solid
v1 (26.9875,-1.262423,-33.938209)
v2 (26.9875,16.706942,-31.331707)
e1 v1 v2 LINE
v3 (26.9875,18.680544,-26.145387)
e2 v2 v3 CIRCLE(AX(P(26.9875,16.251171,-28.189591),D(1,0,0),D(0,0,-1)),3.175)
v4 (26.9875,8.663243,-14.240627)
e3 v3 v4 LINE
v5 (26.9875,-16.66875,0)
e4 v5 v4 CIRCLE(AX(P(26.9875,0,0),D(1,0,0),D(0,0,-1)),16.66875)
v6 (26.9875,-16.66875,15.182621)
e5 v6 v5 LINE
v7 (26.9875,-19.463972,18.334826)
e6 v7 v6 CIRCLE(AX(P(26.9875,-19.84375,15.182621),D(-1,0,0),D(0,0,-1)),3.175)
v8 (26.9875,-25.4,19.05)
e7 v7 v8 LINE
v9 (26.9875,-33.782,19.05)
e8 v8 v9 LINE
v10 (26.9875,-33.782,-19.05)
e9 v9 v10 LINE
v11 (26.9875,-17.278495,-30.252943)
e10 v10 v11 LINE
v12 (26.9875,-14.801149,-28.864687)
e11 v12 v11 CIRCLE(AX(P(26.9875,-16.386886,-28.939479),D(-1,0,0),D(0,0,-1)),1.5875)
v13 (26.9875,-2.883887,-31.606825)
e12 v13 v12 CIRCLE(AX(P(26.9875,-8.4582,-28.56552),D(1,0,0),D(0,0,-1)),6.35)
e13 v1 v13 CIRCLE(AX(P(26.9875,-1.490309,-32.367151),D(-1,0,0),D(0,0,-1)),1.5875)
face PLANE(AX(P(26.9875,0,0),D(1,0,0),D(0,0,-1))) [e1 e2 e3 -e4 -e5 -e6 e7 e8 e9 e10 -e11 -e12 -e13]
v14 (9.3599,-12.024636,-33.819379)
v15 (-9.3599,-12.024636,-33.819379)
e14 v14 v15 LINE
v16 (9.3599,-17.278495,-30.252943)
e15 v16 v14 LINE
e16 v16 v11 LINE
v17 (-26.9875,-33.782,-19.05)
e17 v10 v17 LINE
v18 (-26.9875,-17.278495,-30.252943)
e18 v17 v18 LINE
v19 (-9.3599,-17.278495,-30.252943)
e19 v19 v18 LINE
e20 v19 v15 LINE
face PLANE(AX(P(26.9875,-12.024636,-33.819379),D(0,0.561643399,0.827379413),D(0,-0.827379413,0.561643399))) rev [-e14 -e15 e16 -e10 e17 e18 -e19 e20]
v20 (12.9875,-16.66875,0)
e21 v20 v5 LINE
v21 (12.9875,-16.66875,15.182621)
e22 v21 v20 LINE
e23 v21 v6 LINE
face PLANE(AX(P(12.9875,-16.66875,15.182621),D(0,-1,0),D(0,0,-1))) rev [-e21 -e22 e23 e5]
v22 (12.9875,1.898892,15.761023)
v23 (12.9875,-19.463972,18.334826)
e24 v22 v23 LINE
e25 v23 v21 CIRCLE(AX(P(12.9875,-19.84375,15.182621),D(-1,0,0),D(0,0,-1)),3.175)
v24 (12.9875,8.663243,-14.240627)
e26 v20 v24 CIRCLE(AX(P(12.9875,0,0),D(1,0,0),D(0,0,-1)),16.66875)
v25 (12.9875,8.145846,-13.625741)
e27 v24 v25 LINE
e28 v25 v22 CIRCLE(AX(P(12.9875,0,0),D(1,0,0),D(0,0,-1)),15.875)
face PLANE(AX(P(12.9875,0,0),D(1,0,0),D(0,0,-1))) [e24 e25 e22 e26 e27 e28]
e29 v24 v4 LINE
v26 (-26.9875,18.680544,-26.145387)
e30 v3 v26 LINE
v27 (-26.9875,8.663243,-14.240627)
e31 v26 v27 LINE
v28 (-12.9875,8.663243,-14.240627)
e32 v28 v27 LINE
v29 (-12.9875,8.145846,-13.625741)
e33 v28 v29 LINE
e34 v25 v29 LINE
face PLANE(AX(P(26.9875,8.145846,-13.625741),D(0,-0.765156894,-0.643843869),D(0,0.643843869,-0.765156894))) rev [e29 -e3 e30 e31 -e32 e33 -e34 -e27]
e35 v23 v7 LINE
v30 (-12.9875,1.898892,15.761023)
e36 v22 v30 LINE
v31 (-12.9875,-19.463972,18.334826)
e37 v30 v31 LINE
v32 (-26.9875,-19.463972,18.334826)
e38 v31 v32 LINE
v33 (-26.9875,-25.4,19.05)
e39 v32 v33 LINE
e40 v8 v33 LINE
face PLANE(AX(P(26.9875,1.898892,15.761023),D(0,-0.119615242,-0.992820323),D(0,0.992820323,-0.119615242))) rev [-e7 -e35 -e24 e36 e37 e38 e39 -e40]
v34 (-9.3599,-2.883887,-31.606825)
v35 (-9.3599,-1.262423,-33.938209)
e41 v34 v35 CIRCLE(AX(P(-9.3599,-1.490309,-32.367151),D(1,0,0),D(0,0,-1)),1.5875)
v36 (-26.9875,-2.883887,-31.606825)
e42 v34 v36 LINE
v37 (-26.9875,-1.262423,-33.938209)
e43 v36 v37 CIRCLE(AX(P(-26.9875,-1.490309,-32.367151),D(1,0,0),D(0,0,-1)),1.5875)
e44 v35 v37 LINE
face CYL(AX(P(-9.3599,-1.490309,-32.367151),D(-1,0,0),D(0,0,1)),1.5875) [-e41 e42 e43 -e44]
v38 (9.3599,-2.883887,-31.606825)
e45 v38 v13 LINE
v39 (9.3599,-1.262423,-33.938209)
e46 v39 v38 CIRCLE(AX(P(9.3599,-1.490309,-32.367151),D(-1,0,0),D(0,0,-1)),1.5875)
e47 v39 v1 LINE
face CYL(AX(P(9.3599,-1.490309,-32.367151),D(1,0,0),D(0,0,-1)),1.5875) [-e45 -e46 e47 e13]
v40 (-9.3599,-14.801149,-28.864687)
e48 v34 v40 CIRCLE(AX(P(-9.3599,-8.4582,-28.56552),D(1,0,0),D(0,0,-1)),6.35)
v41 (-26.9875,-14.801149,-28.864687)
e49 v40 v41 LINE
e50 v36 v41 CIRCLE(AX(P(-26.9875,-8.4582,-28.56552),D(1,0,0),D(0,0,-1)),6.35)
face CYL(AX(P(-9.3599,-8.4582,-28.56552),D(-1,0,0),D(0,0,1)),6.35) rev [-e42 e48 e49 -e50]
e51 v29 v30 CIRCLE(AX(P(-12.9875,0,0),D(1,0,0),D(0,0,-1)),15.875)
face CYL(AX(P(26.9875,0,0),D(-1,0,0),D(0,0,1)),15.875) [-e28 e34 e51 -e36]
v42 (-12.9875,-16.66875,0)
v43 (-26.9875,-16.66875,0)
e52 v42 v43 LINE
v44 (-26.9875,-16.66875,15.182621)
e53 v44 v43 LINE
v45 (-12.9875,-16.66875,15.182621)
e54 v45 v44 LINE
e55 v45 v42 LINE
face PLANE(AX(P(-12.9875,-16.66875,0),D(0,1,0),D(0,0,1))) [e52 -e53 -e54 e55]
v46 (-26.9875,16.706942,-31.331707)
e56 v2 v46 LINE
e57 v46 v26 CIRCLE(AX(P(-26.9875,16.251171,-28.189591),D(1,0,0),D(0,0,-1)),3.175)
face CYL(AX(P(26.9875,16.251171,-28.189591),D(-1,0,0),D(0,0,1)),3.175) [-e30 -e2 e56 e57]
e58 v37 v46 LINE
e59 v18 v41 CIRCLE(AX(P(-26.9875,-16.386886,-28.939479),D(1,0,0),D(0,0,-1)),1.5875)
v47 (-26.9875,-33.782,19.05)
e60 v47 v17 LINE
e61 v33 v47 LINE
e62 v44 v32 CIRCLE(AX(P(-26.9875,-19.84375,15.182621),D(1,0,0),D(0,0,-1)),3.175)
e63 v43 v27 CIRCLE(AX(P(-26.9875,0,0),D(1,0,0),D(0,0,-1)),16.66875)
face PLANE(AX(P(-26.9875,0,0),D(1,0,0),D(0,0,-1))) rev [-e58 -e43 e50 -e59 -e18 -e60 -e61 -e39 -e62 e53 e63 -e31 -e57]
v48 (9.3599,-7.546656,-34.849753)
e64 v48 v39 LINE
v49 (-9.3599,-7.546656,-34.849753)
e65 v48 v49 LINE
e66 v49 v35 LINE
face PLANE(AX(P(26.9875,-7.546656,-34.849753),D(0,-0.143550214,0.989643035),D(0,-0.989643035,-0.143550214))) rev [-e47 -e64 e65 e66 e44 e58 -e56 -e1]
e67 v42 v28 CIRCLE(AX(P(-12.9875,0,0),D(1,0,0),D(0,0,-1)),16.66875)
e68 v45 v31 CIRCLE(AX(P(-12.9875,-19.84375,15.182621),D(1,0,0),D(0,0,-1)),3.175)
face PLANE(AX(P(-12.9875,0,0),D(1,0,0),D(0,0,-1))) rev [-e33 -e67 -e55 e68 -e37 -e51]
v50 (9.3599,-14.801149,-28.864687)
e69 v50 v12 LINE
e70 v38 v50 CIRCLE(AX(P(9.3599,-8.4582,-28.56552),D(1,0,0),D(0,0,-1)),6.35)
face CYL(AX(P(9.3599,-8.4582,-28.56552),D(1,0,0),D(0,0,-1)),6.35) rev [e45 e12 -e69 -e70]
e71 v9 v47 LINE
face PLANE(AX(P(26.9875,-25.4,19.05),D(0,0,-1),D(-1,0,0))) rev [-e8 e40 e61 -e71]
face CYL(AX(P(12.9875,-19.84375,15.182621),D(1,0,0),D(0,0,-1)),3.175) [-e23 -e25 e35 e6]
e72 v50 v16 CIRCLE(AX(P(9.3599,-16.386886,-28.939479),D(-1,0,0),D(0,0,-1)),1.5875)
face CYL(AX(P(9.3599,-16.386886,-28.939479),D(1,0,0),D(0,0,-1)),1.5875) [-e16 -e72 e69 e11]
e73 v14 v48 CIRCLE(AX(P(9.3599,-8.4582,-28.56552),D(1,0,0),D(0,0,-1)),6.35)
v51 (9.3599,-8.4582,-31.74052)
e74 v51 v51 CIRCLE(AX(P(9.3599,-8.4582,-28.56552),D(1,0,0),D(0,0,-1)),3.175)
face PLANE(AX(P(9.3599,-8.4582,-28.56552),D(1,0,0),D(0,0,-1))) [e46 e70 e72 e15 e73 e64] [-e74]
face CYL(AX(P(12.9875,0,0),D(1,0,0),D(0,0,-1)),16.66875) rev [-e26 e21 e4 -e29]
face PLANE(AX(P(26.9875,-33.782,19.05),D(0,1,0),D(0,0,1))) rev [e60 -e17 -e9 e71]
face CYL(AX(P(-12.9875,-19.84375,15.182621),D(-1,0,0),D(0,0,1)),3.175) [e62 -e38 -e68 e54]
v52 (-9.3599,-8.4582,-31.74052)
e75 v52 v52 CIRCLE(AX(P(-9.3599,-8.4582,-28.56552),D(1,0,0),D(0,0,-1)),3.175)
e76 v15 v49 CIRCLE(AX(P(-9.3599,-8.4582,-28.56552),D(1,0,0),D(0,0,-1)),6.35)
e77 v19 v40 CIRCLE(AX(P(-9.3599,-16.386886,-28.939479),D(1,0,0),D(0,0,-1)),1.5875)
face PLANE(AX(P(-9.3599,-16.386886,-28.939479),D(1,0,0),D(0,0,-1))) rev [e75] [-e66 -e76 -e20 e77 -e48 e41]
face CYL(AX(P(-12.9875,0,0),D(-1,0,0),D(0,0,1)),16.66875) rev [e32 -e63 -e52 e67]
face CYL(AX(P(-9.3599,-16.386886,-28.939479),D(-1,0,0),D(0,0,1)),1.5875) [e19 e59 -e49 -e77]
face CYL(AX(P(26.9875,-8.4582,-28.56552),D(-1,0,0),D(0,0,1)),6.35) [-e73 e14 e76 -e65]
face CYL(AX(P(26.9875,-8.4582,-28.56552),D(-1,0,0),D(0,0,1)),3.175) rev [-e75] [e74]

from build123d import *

# Parameters (mm, degrees)
BOSS_EXTRUDE1_DEPTH = 26.9875
SKETCH2_R           = 3.175
BOSS_EXTRUDE2_DEPTH = 26.9875
CUT_EXTRUDE1_DEPTH  = 14
CUT_EXTRUDE2_START  = -39.975
CUT_EXTRUDE2_DEPTH  = 14
CUT_EXTRUDE3_DEPTH  = 17.6276
CUT_EXTRUDE4_START  = -53.975
CUT_EXTRUDE4_DEPTH  = 17.6276


with BuildPart() as part:
    # Sketch1 → Boss-Extrude1 (new, symmetric)
    with BuildSketch(Plane(origin=(0, 0, 0), x_dir=(0, 0, -1), z_dir=(1, 0, 0))):
        with BuildLine():
            Line((-15.761022628, 1.898891971), (-19.05, -25.4))
            Line((-19.05, -25.4), (-19.05, -33.782))
            Line((-19.05, -33.782), (19.05, -33.782))
            Line((19.05, -33.782), (19.05, -25.4))
            Line((19.05, -25.4), (15.761022628, 1.898891971))
            ThreePointArc((15.761022628, 1.898891971), (0, 15.875), (-15.761022628, 1.898891971))
        make_face()
    extrude(amount=BOSS_EXTRUDE1_DEPTH, both=True)

    # Sketch2 → Boss-Extrude2 (add, symmetric)
    with BuildSketch(Plane(origin=(0, 0, 0), x_dir=(0, 0, -1), z_dir=(1, 0, 0))):
        with BuildLine():
            Line((34.849752976, -7.546656143), (31.331707433, 16.706942484))
            ThreePointArc((31.331707433, 16.706942484), (29.318806596, 19.218576271), (26.145386515, 18.680543695))
            Line((26.145386515, 18.680543695), (13.625741227, 8.145845629))
            ThreePointArc((13.625741227, 8.145845629), (15.021703631, 5.134592976), (15.761022628, 1.898891971))
            Line((15.761022628, 1.898891971), (19.05, -25.4))
            Line((19.05, -25.4), (19.05, -33.782))
            Line((19.05, -33.782), (33.819378976, -12.024635583))
            ThreePointArc((33.819378976, -12.024635583), (34.753812672, -9.882113678), (34.849752976, -7.546656143))
        make_face()
        with Locations((28.565519705, -8.4582)):
            Circle(SKETCH2_R, mode=Mode.SUBTRACT)
    extrude(amount=BOSS_EXTRUDE2_DEPTH, both=True)

    # Sketch3 → Cut-Extrude1 (cut)
    with BuildSketch(Plane(origin=(26.9875, 0, 0), x_dir=(0, 0, -1), z_dir=(1, 0, 0))):
        with BuildLine():
            Line((-15.18262128, -16.66875), (0, -16.66875))
            ThreePointArc((0, -16.66875), (14.530186835, -8.168286057), (14.240626625, 8.663243036))
            Line((14.240626625, 8.663243036), (13.625741227, 8.145845629))
            ThreePointArc((13.625741227, 8.145845629), (-3.300903538, 15.528028234), (-15.761022628, 1.898891971))
            Line((-15.761022628, 1.898891971), (-18.334825806, -19.463971606))
            ThreePointArc((-18.334825806, -19.463971606), (-17.289138382, -17.468205704), (-15.18262128, -16.66875))
        make_face()
    extrude(amount=-CUT_EXTRUDE1_DEPTH, mode=Mode.SUBTRACT)

    # Sketch3<3> → Cut-Extrude2 (cut)
    with BuildSketch(Plane(origin=(26.9875, 0, 0), x_dir=(0, 0, -1), z_dir=(1, 0, 0)).offset(CUT_EXTRUDE2_START)):
        with BuildLine():
            Line((-15.18262128, -16.66875), (0, -16.66875))
            ThreePointArc((0, -16.66875), (14.530186835, -8.168286057), (14.240626625, 8.663243036))
            Line((14.240626625, 8.663243036), (13.625741227, 8.145845629))
            ThreePointArc((13.625741227, 8.145845629), (-3.300903538, 15.528028234), (-15.761022628, 1.898891971))
            Line((-15.761022628, 1.898891971), (-18.334825806, -19.463971606))
            ThreePointArc((-18.334825806, -19.463971606), (-17.289138382, -17.468205704), (-15.18262128, -16.66875))
        make_face()
    extrude(amount=-CUT_EXTRUDE2_DEPTH, mode=Mode.SUBTRACT)

    # Sketch4 → Cut-Extrude3 (cut)
    with BuildSketch(Plane(origin=(26.9875, 0, 0), x_dir=(0, 0, -1), z_dir=(1, 0, 0))):
        with BuildLine():
            Line((33.819378976, -12.024635583), (30.252943393, -17.278494853))
            ThreePointArc((30.252943393, -17.278494853), (30.324357139, -15.61082693), (28.864686801, -14.801148766))
            ThreePointArc((28.864686801, -14.801148766), (22.377226739, -7.034286322), (31.606824582, -2.883887069))
            ThreePointArc((31.606824582, -2.883887069), (33.273576843, -2.793592413), (33.938209118, -1.262422872))
            Line((33.938209118, -1.262422872), (34.849752976, -7.546656143))
            ThreePointArc((34.849752976, -7.546656143), (34.753812672, -9.882113678), (33.819378976, -12.024635583))
        make_face()
    extrude(amount=-CUT_EXTRUDE3_DEPTH, mode=Mode.SUBTRACT)

    # Sketch5<3> → Cut-Extrude4 (cut)
    with BuildSketch(Plane(origin=(26.9875, 0, 0), x_dir=(0, 0, -1), z_dir=(1, 0, 0)).offset(CUT_EXTRUDE4_START)):
        with BuildLine():
            Line((33.819378976, -12.024635583), (30.252943393, -17.278494853))
            ThreePointArc((30.252943393, -17.278494853), (30.324357139, -15.61082693), (28.864686801, -14.801148766))
            ThreePointArc((28.864686801, -14.801148766), (22.377226739, -7.034286322), (31.606824582, -2.883887069))
            ThreePointArc((31.606824582, -2.883887069), (33.273576843, -2.793592413), (33.938209118, -1.262422872))
            Line((33.938209118, -1.262422872), (34.849752976, -7.546656143))
            ThreePointArc((34.849752976, -7.546656143), (34.753812672, -9.882113678), (33.819378976, -12.024635583))
        make_face()
    extrude(amount=CUT_EXTRUDE4_DEPTH, mode=Mode.SUBTRACT)


solid = part.part
